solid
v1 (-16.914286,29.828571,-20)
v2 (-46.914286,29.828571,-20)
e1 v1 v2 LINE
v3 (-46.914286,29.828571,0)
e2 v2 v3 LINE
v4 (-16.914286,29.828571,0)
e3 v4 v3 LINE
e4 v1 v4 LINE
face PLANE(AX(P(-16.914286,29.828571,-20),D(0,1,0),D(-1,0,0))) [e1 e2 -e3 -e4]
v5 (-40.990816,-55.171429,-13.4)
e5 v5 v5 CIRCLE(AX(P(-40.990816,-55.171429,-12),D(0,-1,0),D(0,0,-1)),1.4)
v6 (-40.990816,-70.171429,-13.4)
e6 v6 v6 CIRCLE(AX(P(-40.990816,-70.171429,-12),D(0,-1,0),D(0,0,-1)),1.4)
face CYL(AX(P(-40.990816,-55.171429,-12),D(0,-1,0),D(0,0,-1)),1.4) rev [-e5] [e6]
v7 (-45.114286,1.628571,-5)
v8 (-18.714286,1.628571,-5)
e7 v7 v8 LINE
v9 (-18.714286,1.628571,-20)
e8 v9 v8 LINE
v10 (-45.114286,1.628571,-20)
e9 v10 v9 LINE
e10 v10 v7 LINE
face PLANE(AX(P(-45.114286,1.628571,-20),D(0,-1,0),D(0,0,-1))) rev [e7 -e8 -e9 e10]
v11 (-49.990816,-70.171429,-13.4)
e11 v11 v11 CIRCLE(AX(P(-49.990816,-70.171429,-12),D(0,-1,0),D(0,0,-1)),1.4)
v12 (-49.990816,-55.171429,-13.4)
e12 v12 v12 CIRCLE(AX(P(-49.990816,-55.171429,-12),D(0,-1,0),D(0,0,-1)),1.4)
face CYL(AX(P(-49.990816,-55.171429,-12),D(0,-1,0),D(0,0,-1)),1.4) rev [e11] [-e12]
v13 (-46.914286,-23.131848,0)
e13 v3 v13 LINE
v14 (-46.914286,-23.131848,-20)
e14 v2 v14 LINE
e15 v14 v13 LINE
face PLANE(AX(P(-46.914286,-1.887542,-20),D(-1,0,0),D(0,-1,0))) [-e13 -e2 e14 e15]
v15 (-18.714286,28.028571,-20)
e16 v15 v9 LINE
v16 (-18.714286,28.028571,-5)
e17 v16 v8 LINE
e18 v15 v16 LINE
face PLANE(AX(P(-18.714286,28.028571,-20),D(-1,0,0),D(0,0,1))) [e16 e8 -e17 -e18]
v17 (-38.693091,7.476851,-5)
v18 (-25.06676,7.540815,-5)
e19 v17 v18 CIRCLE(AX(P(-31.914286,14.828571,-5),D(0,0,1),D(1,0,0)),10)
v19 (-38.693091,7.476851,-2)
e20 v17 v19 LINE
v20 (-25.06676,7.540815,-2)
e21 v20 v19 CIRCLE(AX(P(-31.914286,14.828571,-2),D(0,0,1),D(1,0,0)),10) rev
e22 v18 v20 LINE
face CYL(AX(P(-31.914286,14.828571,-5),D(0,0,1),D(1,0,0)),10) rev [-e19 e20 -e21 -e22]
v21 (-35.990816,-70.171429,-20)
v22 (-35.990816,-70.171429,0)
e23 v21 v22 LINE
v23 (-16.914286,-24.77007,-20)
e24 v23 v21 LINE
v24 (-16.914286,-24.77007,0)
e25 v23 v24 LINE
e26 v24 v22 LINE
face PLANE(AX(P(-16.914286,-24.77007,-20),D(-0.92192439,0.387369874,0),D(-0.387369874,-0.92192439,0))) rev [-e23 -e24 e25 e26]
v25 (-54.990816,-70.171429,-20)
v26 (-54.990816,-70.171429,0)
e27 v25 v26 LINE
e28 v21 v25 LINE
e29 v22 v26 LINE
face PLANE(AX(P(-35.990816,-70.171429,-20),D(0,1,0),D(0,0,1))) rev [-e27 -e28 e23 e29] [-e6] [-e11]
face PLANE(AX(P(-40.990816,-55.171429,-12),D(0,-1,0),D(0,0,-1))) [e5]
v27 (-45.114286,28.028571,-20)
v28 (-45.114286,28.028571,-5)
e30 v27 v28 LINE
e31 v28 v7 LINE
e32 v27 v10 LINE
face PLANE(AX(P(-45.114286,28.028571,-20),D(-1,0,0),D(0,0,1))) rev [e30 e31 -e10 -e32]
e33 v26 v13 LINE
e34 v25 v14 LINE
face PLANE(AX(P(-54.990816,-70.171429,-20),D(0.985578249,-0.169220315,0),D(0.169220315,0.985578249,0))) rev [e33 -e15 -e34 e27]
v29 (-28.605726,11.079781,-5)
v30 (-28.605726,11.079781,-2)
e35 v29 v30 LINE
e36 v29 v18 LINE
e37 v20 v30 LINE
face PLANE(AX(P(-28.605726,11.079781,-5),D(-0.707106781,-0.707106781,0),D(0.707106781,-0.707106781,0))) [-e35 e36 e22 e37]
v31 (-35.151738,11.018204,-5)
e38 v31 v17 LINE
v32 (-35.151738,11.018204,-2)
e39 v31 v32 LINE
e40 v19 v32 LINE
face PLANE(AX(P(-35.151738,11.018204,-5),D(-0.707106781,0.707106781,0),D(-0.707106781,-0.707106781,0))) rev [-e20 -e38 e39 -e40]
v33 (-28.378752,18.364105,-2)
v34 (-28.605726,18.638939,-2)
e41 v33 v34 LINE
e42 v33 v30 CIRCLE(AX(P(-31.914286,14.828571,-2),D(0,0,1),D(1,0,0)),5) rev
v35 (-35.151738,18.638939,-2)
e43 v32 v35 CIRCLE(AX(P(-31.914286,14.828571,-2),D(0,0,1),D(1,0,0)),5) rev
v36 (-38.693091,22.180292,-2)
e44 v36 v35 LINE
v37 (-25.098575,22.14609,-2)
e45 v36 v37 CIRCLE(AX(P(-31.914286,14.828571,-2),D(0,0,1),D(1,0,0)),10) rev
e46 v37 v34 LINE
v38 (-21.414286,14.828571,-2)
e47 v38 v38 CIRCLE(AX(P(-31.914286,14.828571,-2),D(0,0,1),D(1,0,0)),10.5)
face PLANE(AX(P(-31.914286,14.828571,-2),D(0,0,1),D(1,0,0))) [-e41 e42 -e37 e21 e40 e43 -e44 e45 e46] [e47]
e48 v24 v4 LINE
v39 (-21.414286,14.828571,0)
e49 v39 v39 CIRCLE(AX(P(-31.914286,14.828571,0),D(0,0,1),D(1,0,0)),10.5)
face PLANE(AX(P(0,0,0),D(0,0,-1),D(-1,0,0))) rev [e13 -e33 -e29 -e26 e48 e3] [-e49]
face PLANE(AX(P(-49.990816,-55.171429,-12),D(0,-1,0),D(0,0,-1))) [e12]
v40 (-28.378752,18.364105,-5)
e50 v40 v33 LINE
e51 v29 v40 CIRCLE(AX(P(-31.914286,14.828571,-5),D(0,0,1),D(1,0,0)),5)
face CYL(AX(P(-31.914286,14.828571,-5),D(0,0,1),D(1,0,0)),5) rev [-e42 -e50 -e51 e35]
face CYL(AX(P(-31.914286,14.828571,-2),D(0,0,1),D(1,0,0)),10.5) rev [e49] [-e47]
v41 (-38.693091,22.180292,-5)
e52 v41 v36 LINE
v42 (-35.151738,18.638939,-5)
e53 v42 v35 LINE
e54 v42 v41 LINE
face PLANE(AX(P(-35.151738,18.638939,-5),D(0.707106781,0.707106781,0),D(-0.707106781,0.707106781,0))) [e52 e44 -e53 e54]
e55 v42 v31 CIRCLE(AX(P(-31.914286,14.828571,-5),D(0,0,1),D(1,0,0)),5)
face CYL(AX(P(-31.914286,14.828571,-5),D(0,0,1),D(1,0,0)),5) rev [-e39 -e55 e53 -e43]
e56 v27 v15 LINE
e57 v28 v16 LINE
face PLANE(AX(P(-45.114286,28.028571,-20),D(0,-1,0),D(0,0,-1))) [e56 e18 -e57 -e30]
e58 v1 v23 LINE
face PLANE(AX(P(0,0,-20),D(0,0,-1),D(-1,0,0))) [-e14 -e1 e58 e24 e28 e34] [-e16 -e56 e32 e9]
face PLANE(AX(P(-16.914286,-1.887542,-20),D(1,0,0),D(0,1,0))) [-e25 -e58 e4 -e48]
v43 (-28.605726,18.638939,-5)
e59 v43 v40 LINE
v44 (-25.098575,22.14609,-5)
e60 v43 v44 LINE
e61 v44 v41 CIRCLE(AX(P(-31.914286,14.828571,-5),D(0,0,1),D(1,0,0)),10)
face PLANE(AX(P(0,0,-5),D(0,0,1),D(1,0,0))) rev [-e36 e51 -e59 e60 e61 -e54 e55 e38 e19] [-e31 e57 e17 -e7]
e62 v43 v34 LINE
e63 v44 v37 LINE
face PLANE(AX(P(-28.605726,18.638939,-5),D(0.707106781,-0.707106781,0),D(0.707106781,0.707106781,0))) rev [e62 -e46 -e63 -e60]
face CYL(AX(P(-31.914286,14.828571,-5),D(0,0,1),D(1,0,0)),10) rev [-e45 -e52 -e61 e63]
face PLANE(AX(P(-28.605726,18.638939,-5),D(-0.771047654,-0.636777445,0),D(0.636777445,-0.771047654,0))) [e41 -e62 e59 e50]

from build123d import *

# Parameters (mm, degrees)
SKETCH1_25_W        = 26.4
SKETCH1_25_H        = 26.4
BOSS_EXTRUDE8_DEPTH = 20
SKETCH1_27_W        = 26.4
SKETCH1_27_H        = 26.4
BOSS_EXTRUDE9_DEPTH = 5
SKETCH1_R           = 10.5
CUT_EXTRUDE3_DEPTH  = 2
SKETCH4_R           = 1.4
CUT_EXTRUDE4_DEPTH  = 15


with BuildPart() as part:
    # Sketch1<25> → Boss-Extrude8 (new body)
    with BuildSketch(Plane.XY):
        Polygon((-46.914285714, 29.828571429), (-46.914285714, -1.887541502), (-46.914285714, -23.131847808), (-54.990816107, -70.171428571), (-35.990816107, -70.171428571), (-16.914285714, -24.770069728), (-16.914285714, -1.887541502), (-16.914285714, 29.828571429), align=None)
        with Locations((-31.914285714, 14.828571429)):
            Rectangle(SKETCH1_25_W, SKETCH1_25_H, mode=Mode.SUBTRACT)
    extrude(amount=-BOSS_EXTRUDE8_DEPTH)

    # Sketch1<27> → Boss-Extrude9 (add)
    with BuildSketch(Plane.XY):
        with Locations((-31.914285714, 14.828571429)):
            Rectangle(SKETCH1_27_W, SKETCH1_27_H)
        with BuildLine():
            Line((-28.605725915, 18.638938958), (-25.098574601, 22.146090272))
            ThreePointArc((-25.098574601, 22.146090272), (-31.889127352, 24.828539781), (-38.693091307, 22.180291958))
            Line((-38.693091307, 22.180291958), (-35.151738307, 18.638938958))
            ThreePointArc((-35.151738307, 18.638938958), (-36.914285714, 14.828571429), (-35.151738307, 11.018203899))
            Line((-35.151738307, 11.018203899), (-38.693091307, 7.4768509))
            ThreePointArc((-38.693091307, 7.4768509), (-31.867344715, 4.828681602), (-25.066760197, 7.540814964))
            Line((-25.066760197, 7.540814964), (-28.605725915, 11.079780683))
            ThreePointArc((-28.605725915, 11.079780683), (-26.916711196, 14.672850745), (-28.378751808, 18.364105335))
            Line((-28.378751808, 18.364105335), (-28.605725915, 18.638938958))
        make_face(mode=Mode.SUBTRACT)
    extrude(amount=-BOSS_EXTRUDE9_DEPTH)

    # Sketch1 → Cut-Extrude3 (cut)
    with BuildSketch(Plane.XY):
        with Locations((-31.914285714, 14.828571429)):
            Circle(SKETCH1_R)
    extrude(amount=-CUT_EXTRUDE3_DEPTH, mode=Mode.SUBTRACT)

    # Sketch4 → Cut-Extrude4 (cut)
    with BuildSketch(Plane(origin=(0, -70.171428571, 0), x_dir=(-1, 0, 0), z_dir=(0, -1, 0))):
        with Locations((40.990816107, 12)):
            Circle(SKETCH4_R)
        with Locations((49.990816107, 12)):
            Circle(SKETCH4_R)
    extrude(amount=-CUT_EXTRUDE4_DEPTH, mode=Mode.SUBTRACT)


solid = part.part
